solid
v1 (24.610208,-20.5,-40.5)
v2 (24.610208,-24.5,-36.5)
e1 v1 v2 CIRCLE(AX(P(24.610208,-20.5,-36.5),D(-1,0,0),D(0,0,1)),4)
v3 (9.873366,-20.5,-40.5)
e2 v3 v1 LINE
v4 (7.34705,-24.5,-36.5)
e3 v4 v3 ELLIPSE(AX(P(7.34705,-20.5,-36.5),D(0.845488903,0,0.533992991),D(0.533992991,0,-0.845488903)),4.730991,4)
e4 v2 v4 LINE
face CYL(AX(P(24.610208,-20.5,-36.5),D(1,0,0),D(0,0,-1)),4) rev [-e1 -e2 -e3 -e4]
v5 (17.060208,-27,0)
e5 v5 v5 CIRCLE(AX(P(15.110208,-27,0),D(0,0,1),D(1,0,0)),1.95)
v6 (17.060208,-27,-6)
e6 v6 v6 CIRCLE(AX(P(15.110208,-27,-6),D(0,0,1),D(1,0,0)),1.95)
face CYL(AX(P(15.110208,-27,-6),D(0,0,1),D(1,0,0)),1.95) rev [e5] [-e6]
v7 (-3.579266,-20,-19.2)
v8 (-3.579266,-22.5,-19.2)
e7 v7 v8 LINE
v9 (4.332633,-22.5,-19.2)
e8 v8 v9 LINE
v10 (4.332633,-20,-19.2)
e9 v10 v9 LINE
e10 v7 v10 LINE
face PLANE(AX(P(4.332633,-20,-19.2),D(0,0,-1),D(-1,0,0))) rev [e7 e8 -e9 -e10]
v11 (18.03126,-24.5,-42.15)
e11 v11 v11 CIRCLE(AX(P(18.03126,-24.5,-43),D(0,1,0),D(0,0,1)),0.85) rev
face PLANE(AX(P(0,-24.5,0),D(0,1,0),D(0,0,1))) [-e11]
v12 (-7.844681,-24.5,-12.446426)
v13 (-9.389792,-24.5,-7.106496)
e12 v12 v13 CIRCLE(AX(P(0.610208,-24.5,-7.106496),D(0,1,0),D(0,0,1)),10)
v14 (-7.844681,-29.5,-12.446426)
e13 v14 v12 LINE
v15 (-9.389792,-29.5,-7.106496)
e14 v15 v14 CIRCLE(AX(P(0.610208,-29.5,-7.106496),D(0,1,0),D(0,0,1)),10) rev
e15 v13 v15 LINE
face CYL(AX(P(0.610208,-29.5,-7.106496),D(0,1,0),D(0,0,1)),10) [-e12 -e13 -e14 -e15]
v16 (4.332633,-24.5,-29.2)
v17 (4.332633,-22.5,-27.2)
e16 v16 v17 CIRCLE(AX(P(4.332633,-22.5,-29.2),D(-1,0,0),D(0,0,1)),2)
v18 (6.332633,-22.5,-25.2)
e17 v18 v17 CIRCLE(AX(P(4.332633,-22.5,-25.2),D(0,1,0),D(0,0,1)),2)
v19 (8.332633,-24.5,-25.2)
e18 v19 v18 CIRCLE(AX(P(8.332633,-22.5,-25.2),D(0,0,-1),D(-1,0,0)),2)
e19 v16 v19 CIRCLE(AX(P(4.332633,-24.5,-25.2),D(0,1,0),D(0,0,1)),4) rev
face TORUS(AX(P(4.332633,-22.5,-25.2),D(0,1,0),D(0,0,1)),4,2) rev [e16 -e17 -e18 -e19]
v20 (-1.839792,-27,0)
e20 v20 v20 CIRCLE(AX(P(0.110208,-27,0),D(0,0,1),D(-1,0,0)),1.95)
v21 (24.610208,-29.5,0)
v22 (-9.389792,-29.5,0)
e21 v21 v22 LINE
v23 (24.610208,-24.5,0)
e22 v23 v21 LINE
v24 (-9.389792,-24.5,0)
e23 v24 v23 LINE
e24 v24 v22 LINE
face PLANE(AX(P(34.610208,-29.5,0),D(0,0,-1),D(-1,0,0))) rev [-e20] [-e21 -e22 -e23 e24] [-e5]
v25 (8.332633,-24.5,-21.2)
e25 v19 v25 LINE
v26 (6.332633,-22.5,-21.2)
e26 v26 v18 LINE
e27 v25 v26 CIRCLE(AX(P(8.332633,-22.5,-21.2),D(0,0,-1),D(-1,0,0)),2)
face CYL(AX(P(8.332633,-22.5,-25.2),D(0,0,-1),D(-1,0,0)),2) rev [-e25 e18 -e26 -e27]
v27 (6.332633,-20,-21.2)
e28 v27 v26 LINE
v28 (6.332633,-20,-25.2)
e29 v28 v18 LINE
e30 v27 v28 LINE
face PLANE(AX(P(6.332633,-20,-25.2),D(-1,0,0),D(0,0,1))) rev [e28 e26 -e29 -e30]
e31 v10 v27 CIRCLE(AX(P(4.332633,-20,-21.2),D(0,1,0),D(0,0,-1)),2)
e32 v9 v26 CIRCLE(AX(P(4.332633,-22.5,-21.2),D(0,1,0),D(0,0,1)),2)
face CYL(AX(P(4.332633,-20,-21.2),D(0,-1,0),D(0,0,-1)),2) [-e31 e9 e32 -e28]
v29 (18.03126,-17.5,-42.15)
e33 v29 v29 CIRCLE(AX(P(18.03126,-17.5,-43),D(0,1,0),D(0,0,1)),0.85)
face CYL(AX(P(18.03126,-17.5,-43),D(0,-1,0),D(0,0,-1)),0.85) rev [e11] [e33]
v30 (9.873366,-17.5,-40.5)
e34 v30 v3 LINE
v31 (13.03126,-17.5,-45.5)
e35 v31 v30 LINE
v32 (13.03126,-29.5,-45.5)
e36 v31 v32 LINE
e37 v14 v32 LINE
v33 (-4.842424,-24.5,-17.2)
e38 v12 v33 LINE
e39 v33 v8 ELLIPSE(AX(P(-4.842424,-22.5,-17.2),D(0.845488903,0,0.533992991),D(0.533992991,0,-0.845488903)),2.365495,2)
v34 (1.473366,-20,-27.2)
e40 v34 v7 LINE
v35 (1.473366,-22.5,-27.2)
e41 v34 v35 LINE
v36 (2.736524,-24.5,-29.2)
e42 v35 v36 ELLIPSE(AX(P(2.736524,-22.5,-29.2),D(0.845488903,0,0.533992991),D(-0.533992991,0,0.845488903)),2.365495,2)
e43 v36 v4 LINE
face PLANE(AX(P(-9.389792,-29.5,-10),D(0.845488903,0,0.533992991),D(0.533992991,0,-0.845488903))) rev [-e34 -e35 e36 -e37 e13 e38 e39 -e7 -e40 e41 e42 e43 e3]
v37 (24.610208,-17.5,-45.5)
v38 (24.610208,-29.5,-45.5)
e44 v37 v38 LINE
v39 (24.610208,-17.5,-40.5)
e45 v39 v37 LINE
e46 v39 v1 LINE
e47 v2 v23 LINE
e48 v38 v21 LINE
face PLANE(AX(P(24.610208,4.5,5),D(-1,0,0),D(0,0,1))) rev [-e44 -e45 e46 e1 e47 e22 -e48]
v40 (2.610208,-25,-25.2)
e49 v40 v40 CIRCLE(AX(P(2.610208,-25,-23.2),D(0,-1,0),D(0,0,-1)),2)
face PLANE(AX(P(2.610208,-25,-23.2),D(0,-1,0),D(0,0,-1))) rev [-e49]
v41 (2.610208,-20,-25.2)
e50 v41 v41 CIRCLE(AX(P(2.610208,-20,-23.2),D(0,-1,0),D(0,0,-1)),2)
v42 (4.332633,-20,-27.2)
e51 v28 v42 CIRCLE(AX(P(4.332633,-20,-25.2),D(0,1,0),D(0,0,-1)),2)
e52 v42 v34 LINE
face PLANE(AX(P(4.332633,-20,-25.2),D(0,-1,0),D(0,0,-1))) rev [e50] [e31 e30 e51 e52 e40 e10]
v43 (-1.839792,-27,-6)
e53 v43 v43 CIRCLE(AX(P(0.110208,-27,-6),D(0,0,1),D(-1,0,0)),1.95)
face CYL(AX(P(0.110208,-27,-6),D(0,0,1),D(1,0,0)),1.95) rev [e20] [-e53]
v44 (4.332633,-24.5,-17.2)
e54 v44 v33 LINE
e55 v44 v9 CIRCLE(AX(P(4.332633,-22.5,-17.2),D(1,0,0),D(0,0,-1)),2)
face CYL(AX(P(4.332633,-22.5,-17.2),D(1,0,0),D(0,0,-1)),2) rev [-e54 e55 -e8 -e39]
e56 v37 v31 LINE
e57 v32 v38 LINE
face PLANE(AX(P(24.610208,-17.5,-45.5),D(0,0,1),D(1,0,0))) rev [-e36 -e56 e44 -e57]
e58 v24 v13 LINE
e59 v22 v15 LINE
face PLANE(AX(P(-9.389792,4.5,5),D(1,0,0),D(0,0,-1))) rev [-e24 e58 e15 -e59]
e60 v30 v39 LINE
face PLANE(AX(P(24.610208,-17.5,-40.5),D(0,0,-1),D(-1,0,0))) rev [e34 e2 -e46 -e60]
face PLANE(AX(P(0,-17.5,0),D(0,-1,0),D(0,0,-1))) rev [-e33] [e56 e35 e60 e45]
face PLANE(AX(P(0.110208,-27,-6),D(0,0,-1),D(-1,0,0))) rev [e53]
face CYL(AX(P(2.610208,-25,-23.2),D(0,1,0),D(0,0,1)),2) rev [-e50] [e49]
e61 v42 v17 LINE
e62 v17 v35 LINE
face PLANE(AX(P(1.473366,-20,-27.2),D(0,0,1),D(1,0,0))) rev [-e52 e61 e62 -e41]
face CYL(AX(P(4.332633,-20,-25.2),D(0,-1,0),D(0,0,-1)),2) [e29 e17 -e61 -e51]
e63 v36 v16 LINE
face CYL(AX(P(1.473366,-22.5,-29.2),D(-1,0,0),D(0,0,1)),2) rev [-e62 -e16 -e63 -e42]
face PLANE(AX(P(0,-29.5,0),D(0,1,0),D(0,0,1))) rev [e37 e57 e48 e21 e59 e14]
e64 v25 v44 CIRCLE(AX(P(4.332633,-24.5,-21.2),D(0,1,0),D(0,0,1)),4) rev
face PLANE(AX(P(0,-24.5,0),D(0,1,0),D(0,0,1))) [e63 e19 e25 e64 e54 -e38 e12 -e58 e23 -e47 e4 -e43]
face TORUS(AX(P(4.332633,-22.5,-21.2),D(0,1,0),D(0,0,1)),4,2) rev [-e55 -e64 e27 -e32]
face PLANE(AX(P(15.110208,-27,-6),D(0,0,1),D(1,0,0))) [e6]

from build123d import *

# Parameters (mm, degrees)
SKETCH1_W           = 34
SKETCH1_H           = 29
SKETCH1_R           = 1.4
SKETCH1_R_2         = 1.5
BOSS_EXTRUDE1_DEPTH = 5
BOSS_EXTRUDE2_DEPTH = 5
SKETCH3_R           = 0.85
BOSS_EXTRUDE3_DEPTH = 7
CUT_EXTRUDE2_DEPTH  = 5
FILLET1_R           = 4
SKETCH7_W           = 5
SKETCH7_H           = 34
CUT_EXTRUDE3_DEPTH  = 44
SKETCH8_R           = 1.95
CUT_EXTRUDE4_DEPTH  = 6
FILLET2_R           = 10
BOSS_EXTRUDE4_DEPTH = 4.5
CUT_EXTRUDE5_START  = 4.5
SKETCH9_R           = 2
CUT_EXTRUDE5_DEPTH  = 5
FILLET3_R           = 2


with BuildPart() as part:
    # Sketch1 → Boss-Extrude1 (new body)
    with BuildSketch(Plane.XY):
        with Locations((7.610207842, -10)):
            Rectangle(SKETCH1_W, SKETCH1_H)
        with Locations((15.010207842, 0)):
            Circle(SKETCH1_R, mode=Mode.SUBTRACT)
        with Locations((15.010207842, -20)):
            Circle(SKETCH1_R, mode=Mode.SUBTRACT)
        with Locations((0.010207842, 0)):
            Circle(SKETCH1_R_2, mode=Mode.SUBTRACT)
        with Locations((0.010207842, -20)):
            Circle(SKETCH1_R_2, mode=Mode.SUBTRACT)
    extrude(amount=BOSS_EXTRUDE1_DEPTH)

    # Sketch2 → Boss-Extrude2 (add)
    with BuildSketch(Plane.XZ.offset(24.5)):
        Polygon((-9.389792158, -10), (-9.389792158, 5), (24.610207842, 5), (24.610207842, -48), (14.610207842, -48), align=None)
    extrude(amount=BOSS_EXTRUDE2_DEPTH)

    # Sketch3 → Boss-Extrude3 (add)
    with BuildSketch(Plane(origin=(0, -24.5, 0), x_dir=(1, 0, 0), z_dir=(0, 1, 0))):
        Polygon((24.610207842, 40.5), (9.873365737, 40.5), (13.031260474, 45.5), (24.610207842, 45.5), align=None)
        with Locations(Location((18.031260474, 43, 0), (0, 0, 270))):  # turned: the seam where the file's is
            Circle(SKETCH3_R, mode=Mode.SUBTRACT)
    extrude(amount=BOSS_EXTRUDE3_DEPTH)

    # Sketch6 → Cut-Extrude2 (cut)
    with BuildSketch(Plane(origin=(0, -24.5, 0), x_dir=(1, 0, 0), z_dir=(0, 1, 0))):
        Polygon((13.031260474, 45.5), (24.610207842, 45.5), (24.610207842, 48), (14.610207842, 48), align=None)
    extrude(amount=-CUT_EXTRUDE2_DEPTH, mode=Mode.SUBTRACT)

    # Fillet1
    fillet1_edges = [part.edges().sort_by_distance(p)[0] for p in [
        (17.24178679, -24.5, -40.5),
    ]]
    fillet(fillet1_edges, radius=FILLET1_R)

    # Sketch7 → Cut-Extrude3 (cut)
    with BuildSketch(Plane.ZY.offset(9.389792158)):
        with Locations((2.5, -12.5)):
            Rectangle(SKETCH7_W, SKETCH7_H)
    extrude(amount=-CUT_EXTRUDE3_DEPTH, mode=Mode.SUBTRACT)

    # Sketch8 → Cut-Extrude4 (cut)
    with BuildSketch(Plane.XY):
        with Locations((15.110207842, -27)):
            Circle(SKETCH8_R)
        with Locations(Location((0.110207842, -27, 0), (0, 0, 180))):  # turned: the seam where the file's is
            Circle(SKETCH8_R)
    extrude(amount=-CUT_EXTRUDE4_DEPTH, mode=Mode.SUBTRACT)

    # Fillet2
    fillet2_edges = [part.edges().sort_by_distance(p)[0] for p in [
        (-9.389792158, -27, -10),
    ]]
    fillet(fillet2_edges, radius=FILLET2_R)

    # Sketch11 → Boss-Extrude4 (add)
    with BuildSketch(Plane(origin=(0, -24.5, 0), x_dir=(1, 0, 0), z_dir=(0, 1, 0))):
        with BuildLine():
            Line((1.473365737, 27.2), (4.332633033, 27.2))
            ThreePointArc((4.332633033, 27.2), (5.746846596, 26.614213562), (6.332633033, 25.2))
            Line((6.332633033, 25.2), (6.332633033, 21.2))
            ThreePointArc((6.332633033, 21.2), (5.746846596, 19.785786438), (4.332633033, 19.2))
            Line((4.332633033, 19.2), (-3.579265842, 19.2))
            Line((-3.579265842, 19.2), (1.473365737, 27.2))
        make_face()
    extrude(amount=BOSS_EXTRUDE4_DEPTH)

    # Sketch9 → Cut-Extrude5 (cut)
    with BuildSketch(Plane(origin=(0, -24.5, 0), x_dir=(1, 0, 0), z_dir=(0, 1, 0)).offset(CUT_EXTRUDE5_START)):
        with Locations(Location((2.610207842, 23.2, 0), (0, 0, 90))):  # turned: the seam where the file's is
            Circle(SKETCH9_R)
    extrude(amount=-CUT_EXTRUDE5_DEPTH, mode=Mode.SUBTRACT)

    # Fillet3
    fillet3_edges = [part.edges().sort_by_distance(p)[0] for p in [
        (0.376683596, -24.5, -19.2),
        (5.746846596, -24.5, -19.785786438),
        (6.332633033, -24.5, -23.2),
        (5.746846596, -24.5, -26.614213562),
        (2.902999385, -24.5, -27.2),
    ]]
    fillet(fillet3_edges, radius=FILLET3_R)


solid = part.part
